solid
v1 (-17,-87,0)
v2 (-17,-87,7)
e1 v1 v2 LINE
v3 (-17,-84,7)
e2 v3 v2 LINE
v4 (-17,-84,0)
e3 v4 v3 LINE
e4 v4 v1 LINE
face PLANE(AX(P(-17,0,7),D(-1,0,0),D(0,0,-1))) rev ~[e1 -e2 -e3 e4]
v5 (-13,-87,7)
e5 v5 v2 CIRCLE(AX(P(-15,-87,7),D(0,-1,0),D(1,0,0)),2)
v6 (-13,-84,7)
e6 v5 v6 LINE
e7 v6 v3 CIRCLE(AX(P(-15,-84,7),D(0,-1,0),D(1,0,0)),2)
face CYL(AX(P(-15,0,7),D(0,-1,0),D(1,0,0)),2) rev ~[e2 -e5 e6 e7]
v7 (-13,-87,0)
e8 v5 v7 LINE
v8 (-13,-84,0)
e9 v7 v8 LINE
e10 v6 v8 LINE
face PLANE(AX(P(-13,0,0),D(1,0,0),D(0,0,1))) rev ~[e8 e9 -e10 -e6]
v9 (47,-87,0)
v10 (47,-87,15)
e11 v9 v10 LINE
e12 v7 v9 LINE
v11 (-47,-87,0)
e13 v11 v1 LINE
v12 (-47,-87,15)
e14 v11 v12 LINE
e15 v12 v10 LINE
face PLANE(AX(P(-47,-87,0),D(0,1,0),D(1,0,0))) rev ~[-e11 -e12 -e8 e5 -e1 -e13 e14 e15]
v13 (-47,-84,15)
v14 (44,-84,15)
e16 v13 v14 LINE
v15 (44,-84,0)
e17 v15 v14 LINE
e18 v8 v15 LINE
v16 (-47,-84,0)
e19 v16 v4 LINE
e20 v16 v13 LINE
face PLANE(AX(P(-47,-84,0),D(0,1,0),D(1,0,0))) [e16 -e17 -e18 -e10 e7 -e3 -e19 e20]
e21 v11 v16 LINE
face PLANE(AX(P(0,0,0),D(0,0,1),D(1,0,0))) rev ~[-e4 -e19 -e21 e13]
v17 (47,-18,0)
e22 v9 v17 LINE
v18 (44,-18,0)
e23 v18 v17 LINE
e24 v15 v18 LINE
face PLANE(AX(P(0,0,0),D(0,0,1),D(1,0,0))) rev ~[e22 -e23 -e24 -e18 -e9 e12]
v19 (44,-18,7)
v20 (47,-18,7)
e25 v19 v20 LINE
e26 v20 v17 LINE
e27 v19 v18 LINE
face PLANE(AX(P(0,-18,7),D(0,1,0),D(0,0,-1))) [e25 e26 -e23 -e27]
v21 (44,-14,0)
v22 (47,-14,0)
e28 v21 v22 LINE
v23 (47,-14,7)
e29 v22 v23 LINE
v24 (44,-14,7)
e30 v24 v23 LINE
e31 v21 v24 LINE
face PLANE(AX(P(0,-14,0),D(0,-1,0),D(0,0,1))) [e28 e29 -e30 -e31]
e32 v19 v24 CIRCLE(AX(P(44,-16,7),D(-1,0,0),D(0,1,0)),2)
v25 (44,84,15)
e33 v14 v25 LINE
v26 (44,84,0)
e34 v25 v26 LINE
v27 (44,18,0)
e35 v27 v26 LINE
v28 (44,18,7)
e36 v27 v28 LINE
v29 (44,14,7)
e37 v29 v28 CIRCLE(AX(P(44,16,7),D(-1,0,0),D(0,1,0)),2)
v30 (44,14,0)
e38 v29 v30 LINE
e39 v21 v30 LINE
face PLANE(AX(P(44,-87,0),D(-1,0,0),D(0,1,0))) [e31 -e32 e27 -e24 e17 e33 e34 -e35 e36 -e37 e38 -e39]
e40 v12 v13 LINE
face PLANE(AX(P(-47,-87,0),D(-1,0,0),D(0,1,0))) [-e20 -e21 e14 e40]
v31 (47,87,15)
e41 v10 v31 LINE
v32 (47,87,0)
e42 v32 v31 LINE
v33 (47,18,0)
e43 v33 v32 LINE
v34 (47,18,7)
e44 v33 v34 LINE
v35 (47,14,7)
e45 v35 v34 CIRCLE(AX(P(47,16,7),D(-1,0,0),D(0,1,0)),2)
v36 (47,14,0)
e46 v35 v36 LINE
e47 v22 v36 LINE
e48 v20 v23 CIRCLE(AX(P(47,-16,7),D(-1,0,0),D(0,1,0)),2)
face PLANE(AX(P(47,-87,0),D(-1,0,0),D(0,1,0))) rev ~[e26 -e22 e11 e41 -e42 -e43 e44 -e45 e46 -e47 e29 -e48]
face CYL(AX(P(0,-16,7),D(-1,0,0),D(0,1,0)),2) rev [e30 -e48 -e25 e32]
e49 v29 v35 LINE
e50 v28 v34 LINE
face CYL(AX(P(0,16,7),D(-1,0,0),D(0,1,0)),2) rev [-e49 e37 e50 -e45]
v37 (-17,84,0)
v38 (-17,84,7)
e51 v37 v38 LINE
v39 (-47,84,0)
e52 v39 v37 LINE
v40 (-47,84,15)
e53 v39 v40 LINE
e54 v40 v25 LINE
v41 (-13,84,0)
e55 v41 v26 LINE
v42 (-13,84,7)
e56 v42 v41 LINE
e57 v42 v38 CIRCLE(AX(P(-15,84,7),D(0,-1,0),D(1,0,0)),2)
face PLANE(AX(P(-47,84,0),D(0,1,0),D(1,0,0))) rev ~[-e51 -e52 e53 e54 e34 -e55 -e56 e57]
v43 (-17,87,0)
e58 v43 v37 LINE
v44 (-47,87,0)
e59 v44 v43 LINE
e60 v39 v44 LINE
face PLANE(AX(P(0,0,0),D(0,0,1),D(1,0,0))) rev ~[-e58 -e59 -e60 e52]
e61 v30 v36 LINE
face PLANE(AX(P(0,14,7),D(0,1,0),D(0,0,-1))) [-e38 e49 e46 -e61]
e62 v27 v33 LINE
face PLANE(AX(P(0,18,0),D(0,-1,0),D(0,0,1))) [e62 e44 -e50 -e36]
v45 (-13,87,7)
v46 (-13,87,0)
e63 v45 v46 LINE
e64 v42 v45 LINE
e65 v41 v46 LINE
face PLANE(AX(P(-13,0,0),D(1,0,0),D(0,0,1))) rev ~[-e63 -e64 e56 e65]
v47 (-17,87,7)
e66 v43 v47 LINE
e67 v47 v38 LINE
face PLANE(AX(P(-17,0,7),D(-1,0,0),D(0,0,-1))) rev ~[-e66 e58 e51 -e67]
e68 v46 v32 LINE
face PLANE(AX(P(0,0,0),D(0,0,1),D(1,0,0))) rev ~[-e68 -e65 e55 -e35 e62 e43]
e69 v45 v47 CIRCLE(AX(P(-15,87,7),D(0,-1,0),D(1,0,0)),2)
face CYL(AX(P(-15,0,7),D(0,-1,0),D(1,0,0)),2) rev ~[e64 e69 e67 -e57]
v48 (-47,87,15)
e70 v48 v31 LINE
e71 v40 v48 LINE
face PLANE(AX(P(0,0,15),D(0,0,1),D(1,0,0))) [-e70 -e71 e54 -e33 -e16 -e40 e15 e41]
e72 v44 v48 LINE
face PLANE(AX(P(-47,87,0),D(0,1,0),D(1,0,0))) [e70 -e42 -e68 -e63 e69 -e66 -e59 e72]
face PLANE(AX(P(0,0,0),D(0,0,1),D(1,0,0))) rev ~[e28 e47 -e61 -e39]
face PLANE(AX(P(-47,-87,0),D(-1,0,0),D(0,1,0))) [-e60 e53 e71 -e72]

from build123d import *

# Parameters (mm, degrees)
F0_W     = 94
F0_H     = 174
F1_DEPTH = 15
F2_T     = -3
F4_DEPTH = 100
F6_DEPTH = 125


with BuildPart() as f1:
    # F0 (on Top) → F1 (new body)
    with BuildSketch(Plane.XY):
        Rectangle(F0_W, F0_H)
    extrude(amount=F1_DEPTH)

    # F2
    f2_openings = [f1.faces().sort_by_distance(p)[0] for p in [
        (0, 0, 15),
        (-47, 0, 7.5),
        (0, 0, 0),
    ]]
    offset(amount=F2_T, openings=f2_openings)

    # F3 (on Right) → F4 (cut)
    with BuildSketch(Plane.YZ):
        with BuildLine():
            Line((-18, 7), (-14, 7))
            ThreePointArc((-14, 7), (-16, 9), (-18, 7))
        make_face()
        with BuildLine():
            Line((-14, 0), (-14, 7))
            ThreePointArc((-14, 7), (-16, 5), (-18, 7))
            Line((-18, 7), (-18, 0))
            Line((-18, 0), (-14, 0))
        make_face()
        with BuildLine():
            ThreePointArc((-18, 7), (-16, 5), (-14, 7))
            Line((-14, 7), (-18, 7))
        make_face()
        with BuildLine():
            Line((14, 7), (18, 7))
            ThreePointArc((18, 7), (16, 9), (14, 7))
        make_face()
        with BuildLine():
            Line((18, 0), (18, 7))
            ThreePointArc((18, 7), (16, 5), (14, 7))
            Line((14, 7), (14, 0))
            Line((14, 0), (18, 0))
        make_face()
        with BuildLine():
            ThreePointArc((14, 7), (16, 5), (18, 7))
            Line((18, 7), (14, 7))
        make_face()
    extrude(amount=F4_DEPTH, mode=Mode.SUBTRACT)

    # F5 (on Front) → F6 (cut, symmetric)
    with BuildSketch(Plane.XZ):
        with BuildLine():
            Line((-17, 7), (-13, 7))
            ThreePointArc((-13, 7), (-15, 9), (-17, 7))
        make_face()
        with BuildLine():
            Line((-13, 0), (-13, 7))
            ThreePointArc((-13, 7), (-15, 5), (-17, 7))
            Line((-17, 7), (-17, 0))
            Line((-17, 0), (-13, 0))
        make_face()
        with BuildLine():
            ThreePointArc((-17, 7), (-15, 5), (-13, 7))
            Line((-13, 7), (-17, 7))
        make_face()
    extrude(amount=F6_DEPTH, both=True, mode=Mode.SUBTRACT)


solid = f1.part
